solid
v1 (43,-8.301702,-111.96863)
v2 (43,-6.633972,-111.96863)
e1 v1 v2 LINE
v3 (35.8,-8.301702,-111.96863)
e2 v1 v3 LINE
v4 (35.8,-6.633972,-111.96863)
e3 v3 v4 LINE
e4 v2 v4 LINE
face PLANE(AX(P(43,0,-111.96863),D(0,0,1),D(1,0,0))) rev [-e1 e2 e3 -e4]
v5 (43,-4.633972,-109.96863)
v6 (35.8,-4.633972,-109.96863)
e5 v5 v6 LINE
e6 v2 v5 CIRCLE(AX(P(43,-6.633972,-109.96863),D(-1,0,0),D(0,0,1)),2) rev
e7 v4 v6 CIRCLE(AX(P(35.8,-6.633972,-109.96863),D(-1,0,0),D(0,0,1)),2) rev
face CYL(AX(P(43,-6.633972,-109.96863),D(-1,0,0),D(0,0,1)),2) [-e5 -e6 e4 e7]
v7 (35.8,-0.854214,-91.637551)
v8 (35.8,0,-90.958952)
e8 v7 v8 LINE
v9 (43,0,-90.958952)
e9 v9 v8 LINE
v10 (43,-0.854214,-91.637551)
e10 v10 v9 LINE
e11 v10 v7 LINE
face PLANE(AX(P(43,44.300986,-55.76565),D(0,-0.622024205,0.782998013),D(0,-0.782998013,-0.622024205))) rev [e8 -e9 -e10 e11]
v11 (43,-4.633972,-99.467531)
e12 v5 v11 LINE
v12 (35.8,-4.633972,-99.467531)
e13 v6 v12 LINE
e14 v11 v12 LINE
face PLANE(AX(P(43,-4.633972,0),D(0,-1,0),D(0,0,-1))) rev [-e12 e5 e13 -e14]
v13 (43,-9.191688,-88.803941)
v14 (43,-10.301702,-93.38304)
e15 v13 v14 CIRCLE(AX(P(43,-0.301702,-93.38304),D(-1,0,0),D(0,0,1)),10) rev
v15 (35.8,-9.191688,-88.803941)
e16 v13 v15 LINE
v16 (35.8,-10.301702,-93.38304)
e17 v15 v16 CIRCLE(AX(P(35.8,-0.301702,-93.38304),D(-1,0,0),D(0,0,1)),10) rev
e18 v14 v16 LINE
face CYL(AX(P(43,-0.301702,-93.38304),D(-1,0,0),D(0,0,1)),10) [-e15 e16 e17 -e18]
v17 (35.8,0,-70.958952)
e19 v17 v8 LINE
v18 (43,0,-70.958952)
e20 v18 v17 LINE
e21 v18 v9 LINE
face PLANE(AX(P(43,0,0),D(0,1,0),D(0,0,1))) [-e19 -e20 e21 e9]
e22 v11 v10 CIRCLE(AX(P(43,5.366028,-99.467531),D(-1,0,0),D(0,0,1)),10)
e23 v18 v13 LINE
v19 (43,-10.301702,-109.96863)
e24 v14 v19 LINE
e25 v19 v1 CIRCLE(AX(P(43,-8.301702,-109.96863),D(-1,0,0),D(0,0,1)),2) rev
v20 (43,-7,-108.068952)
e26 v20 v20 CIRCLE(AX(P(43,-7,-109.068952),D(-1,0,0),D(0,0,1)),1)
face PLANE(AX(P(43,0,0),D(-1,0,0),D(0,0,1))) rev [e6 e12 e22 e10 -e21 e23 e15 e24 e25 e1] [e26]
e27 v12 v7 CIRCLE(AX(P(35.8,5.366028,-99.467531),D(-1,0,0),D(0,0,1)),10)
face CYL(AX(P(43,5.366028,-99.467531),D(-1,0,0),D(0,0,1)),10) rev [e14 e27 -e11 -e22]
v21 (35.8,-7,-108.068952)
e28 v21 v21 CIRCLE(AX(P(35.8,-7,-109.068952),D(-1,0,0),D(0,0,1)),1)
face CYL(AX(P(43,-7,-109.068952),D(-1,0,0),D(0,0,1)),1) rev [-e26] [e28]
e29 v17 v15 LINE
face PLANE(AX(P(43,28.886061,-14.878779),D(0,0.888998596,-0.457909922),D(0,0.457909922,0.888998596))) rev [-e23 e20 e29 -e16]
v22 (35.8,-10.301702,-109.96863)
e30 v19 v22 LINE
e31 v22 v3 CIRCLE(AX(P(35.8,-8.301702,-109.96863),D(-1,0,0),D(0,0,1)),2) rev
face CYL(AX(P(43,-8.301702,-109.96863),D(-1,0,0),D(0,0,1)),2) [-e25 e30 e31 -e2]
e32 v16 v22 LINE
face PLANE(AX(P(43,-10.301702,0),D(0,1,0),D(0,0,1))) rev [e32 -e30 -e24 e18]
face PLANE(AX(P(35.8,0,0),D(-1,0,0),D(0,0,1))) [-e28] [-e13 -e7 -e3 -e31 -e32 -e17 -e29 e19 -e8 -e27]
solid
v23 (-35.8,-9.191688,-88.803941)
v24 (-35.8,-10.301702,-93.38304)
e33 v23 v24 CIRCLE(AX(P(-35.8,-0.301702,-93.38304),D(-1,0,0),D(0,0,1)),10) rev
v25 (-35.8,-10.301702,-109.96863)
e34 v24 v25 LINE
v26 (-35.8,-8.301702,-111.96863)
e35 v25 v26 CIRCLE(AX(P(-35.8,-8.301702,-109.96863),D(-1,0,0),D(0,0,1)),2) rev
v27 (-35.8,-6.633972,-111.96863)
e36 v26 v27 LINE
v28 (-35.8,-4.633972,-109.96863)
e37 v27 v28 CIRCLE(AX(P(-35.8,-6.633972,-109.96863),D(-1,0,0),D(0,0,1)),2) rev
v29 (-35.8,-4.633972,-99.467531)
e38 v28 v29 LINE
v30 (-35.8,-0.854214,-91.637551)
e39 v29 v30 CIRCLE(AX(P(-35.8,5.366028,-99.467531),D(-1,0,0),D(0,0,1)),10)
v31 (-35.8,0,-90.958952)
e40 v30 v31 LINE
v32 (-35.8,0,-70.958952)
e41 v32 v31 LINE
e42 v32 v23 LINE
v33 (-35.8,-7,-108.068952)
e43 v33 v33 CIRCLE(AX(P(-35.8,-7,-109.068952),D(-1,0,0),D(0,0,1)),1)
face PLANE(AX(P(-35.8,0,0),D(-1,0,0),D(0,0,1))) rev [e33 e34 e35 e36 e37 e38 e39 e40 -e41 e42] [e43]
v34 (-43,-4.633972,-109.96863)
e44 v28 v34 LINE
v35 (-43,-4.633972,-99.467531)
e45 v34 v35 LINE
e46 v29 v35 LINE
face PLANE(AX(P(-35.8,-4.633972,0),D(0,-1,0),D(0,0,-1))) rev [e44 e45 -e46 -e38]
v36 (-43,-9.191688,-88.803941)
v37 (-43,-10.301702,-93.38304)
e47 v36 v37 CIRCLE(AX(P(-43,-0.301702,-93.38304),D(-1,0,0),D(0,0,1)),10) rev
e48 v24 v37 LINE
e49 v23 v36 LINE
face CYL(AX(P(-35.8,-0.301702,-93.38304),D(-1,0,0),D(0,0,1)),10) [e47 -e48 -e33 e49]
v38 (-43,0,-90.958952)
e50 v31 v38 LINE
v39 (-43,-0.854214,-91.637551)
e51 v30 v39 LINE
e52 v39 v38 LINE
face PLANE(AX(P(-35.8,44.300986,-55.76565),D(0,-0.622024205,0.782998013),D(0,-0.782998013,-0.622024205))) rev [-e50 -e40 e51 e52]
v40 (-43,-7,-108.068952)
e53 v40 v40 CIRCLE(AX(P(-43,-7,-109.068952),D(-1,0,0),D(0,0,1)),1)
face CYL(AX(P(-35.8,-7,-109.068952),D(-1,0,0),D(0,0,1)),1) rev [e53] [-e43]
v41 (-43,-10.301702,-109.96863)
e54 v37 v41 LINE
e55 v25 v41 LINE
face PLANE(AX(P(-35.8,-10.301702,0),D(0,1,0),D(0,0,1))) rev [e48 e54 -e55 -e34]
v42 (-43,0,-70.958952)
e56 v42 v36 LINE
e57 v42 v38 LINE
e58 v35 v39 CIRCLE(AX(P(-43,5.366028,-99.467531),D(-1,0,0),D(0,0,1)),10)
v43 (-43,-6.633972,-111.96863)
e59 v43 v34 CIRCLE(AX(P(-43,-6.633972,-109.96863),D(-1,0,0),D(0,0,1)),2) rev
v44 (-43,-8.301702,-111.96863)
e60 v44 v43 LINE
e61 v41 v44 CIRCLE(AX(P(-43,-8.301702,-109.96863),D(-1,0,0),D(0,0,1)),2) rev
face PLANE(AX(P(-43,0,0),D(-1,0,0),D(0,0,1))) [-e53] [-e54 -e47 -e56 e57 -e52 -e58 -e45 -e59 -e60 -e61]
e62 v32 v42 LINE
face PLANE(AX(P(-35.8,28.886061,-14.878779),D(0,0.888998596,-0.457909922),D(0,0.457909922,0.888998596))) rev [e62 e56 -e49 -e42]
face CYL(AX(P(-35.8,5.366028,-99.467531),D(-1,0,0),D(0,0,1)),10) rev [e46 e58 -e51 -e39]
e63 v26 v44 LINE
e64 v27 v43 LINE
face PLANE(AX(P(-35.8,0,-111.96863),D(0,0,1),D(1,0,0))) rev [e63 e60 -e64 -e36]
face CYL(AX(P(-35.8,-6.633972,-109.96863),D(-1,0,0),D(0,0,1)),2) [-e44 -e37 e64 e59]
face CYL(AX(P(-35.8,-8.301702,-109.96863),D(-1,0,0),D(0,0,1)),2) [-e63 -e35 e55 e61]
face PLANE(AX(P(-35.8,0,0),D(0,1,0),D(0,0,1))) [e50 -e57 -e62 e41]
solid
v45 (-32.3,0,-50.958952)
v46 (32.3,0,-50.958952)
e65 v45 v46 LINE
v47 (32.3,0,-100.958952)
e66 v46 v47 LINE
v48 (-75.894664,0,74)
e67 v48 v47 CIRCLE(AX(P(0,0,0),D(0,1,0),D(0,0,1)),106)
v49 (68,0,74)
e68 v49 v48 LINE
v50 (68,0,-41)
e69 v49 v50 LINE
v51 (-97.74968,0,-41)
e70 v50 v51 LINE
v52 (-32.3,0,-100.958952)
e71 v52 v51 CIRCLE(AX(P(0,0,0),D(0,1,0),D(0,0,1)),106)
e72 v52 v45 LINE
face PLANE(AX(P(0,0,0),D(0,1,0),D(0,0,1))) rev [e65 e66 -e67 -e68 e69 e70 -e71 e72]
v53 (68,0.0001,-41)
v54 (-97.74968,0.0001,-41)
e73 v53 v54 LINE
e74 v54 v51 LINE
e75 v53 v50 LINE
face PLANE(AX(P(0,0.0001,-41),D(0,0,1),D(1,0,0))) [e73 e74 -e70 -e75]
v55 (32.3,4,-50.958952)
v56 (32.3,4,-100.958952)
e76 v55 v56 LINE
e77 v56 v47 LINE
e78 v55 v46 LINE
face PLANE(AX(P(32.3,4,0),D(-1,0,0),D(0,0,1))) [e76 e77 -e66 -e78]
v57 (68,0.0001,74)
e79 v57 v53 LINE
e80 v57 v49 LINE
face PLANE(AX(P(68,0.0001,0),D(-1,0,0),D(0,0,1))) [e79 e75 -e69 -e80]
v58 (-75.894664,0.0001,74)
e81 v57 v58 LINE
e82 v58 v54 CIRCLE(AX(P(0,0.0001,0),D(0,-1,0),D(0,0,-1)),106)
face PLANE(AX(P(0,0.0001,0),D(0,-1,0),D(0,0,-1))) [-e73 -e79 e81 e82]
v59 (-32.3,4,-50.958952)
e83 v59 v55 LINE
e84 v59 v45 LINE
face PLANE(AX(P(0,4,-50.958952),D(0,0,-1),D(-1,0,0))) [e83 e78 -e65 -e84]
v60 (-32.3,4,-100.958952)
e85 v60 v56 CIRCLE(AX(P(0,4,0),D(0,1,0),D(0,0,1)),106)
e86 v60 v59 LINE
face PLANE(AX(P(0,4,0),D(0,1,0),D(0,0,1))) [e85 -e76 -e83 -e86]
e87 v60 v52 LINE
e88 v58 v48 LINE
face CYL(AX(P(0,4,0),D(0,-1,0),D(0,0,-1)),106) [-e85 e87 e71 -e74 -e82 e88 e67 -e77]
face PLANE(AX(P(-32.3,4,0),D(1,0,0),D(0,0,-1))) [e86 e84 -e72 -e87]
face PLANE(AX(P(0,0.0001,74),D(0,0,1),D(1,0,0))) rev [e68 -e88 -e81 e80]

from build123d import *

# Parameters (mm, degrees)
ESTRUSIONE_ESTRUSIONE1_DEPTH = 4
SCHIZZO3_R                   = 1
ESTRUSIONE_ESTRUSIONE2_DEPTH = 7.2
RIPETIZIONE_A_L1_COUNT       = 2
RIPETIZIONE_A_L1_PITCH       = 78.8
TAGLIO_ESTRUSIONE1_DEPTH     = 0.0001


with BuildPart() as part:
    # Schizzo1 → Estrusione-Estrusione1 (new body)
    with BuildSketch(Plane(origin=(0, 0, 0), x_dir=(1, 0, 0), z_dir=(0, 1, 0))):
        with BuildLine():
            Line((0, 50.958952055), (0, -106))
            ThreePointArc((0, -106), (104.732155802, -16.345505226), (32.3, 100.958952055))
            Line((32.3, 100.958952055), (32.3, 50.958952055))
            Line((32.3, 50.958952055), (0, 50.958952055))
        make_face()
        with BuildLine():
            ThreePointArc((-32.3, 100.958952055), (-104.732155802, -16.345505226), (0, -106))
            Line((0, -106), (0, 50.958952055))
            Line((0, 50.958952055), (-32.3, 50.958952055))
            Line((-32.3, 50.958952055), (-32.3, 100.958952055))
        make_face()
    extrude(amount=ESTRUSIONE_ESTRUSIONE1_DEPTH)

    # Schizzo4 → Taglio-Estrusione1 (cut)
    with BuildSketch(Plane.XZ):
        with BuildLine():
            Line((68, -41), (68, 74))
            Line((68, 74), (-75.894663844, 74))
            ThreePointArc((-75.894663844, 74), (-104.136158772, 19.790412733), (-97.749680306, -41))
            Line((-97.749680306, -41), (68, -41))
        make_face()
    extrude(amount=-TAGLIO_ESTRUSIONE1_DEPTH, mode=Mode.SUBTRACT)


with BuildPart() as body_2:
    # Schizzo3 → Estrusione-Estrusione2 (new body)
    with BuildSketch(Plane.ZY.offset(-35.8)):
        with BuildLine():
            Line((-70.958952055, 0), (-90.958952055, 0))
            Line((-90.958952055, 0), (-91.637551092, -0.854213861))
            ThreePointArc((-91.637551092, -0.854213861), (-95.120257392, -3.639592846), (-99.467531221, -4.633971809))
            Line((-99.467531221, -4.633971809), (-109.968629526, -4.633971809))
            ThreePointArc((-109.968629526, -4.633971809), (-111.382843089, -5.219758246), (-111.968629526, -6.633971809))
            Line((-111.968629526, -6.633971809), (-111.968629526, -8.301701811))
            ThreePointArc((-111.968629526, -8.301701811), (-111.382843089, -9.715915373), (-109.968629526, -10.301701811))
            Line((-109.968629526, -10.301701811), (-93.383040263, -10.301701811))
            ThreePointArc((-93.383040263, -10.301701811), (-91.027181563, -10.020237183), (-88.803941042, -9.191687768))
            Line((-88.803941042, -9.191687768), (-70.958952055, 0))
        make_face()
        with Locations((-109.068952055, -7)):
            Circle(SCHIZZO3_R, mode=Mode.SUBTRACT)
    extrude(amount=-ESTRUSIONE_ESTRUSIONE2_DEPTH)


with BuildPart() as ripetizione_a_l1_1:
    # Ripetizione a L1: pattern copy
    add(body_2.part.moved(Location(Vector(-1, 0, 0) * (1 * RIPETIZIONE_A_L1_PITCH))))


solid = Compound([part.part, body_2.part, ripetizione_a_l1_1.part])
